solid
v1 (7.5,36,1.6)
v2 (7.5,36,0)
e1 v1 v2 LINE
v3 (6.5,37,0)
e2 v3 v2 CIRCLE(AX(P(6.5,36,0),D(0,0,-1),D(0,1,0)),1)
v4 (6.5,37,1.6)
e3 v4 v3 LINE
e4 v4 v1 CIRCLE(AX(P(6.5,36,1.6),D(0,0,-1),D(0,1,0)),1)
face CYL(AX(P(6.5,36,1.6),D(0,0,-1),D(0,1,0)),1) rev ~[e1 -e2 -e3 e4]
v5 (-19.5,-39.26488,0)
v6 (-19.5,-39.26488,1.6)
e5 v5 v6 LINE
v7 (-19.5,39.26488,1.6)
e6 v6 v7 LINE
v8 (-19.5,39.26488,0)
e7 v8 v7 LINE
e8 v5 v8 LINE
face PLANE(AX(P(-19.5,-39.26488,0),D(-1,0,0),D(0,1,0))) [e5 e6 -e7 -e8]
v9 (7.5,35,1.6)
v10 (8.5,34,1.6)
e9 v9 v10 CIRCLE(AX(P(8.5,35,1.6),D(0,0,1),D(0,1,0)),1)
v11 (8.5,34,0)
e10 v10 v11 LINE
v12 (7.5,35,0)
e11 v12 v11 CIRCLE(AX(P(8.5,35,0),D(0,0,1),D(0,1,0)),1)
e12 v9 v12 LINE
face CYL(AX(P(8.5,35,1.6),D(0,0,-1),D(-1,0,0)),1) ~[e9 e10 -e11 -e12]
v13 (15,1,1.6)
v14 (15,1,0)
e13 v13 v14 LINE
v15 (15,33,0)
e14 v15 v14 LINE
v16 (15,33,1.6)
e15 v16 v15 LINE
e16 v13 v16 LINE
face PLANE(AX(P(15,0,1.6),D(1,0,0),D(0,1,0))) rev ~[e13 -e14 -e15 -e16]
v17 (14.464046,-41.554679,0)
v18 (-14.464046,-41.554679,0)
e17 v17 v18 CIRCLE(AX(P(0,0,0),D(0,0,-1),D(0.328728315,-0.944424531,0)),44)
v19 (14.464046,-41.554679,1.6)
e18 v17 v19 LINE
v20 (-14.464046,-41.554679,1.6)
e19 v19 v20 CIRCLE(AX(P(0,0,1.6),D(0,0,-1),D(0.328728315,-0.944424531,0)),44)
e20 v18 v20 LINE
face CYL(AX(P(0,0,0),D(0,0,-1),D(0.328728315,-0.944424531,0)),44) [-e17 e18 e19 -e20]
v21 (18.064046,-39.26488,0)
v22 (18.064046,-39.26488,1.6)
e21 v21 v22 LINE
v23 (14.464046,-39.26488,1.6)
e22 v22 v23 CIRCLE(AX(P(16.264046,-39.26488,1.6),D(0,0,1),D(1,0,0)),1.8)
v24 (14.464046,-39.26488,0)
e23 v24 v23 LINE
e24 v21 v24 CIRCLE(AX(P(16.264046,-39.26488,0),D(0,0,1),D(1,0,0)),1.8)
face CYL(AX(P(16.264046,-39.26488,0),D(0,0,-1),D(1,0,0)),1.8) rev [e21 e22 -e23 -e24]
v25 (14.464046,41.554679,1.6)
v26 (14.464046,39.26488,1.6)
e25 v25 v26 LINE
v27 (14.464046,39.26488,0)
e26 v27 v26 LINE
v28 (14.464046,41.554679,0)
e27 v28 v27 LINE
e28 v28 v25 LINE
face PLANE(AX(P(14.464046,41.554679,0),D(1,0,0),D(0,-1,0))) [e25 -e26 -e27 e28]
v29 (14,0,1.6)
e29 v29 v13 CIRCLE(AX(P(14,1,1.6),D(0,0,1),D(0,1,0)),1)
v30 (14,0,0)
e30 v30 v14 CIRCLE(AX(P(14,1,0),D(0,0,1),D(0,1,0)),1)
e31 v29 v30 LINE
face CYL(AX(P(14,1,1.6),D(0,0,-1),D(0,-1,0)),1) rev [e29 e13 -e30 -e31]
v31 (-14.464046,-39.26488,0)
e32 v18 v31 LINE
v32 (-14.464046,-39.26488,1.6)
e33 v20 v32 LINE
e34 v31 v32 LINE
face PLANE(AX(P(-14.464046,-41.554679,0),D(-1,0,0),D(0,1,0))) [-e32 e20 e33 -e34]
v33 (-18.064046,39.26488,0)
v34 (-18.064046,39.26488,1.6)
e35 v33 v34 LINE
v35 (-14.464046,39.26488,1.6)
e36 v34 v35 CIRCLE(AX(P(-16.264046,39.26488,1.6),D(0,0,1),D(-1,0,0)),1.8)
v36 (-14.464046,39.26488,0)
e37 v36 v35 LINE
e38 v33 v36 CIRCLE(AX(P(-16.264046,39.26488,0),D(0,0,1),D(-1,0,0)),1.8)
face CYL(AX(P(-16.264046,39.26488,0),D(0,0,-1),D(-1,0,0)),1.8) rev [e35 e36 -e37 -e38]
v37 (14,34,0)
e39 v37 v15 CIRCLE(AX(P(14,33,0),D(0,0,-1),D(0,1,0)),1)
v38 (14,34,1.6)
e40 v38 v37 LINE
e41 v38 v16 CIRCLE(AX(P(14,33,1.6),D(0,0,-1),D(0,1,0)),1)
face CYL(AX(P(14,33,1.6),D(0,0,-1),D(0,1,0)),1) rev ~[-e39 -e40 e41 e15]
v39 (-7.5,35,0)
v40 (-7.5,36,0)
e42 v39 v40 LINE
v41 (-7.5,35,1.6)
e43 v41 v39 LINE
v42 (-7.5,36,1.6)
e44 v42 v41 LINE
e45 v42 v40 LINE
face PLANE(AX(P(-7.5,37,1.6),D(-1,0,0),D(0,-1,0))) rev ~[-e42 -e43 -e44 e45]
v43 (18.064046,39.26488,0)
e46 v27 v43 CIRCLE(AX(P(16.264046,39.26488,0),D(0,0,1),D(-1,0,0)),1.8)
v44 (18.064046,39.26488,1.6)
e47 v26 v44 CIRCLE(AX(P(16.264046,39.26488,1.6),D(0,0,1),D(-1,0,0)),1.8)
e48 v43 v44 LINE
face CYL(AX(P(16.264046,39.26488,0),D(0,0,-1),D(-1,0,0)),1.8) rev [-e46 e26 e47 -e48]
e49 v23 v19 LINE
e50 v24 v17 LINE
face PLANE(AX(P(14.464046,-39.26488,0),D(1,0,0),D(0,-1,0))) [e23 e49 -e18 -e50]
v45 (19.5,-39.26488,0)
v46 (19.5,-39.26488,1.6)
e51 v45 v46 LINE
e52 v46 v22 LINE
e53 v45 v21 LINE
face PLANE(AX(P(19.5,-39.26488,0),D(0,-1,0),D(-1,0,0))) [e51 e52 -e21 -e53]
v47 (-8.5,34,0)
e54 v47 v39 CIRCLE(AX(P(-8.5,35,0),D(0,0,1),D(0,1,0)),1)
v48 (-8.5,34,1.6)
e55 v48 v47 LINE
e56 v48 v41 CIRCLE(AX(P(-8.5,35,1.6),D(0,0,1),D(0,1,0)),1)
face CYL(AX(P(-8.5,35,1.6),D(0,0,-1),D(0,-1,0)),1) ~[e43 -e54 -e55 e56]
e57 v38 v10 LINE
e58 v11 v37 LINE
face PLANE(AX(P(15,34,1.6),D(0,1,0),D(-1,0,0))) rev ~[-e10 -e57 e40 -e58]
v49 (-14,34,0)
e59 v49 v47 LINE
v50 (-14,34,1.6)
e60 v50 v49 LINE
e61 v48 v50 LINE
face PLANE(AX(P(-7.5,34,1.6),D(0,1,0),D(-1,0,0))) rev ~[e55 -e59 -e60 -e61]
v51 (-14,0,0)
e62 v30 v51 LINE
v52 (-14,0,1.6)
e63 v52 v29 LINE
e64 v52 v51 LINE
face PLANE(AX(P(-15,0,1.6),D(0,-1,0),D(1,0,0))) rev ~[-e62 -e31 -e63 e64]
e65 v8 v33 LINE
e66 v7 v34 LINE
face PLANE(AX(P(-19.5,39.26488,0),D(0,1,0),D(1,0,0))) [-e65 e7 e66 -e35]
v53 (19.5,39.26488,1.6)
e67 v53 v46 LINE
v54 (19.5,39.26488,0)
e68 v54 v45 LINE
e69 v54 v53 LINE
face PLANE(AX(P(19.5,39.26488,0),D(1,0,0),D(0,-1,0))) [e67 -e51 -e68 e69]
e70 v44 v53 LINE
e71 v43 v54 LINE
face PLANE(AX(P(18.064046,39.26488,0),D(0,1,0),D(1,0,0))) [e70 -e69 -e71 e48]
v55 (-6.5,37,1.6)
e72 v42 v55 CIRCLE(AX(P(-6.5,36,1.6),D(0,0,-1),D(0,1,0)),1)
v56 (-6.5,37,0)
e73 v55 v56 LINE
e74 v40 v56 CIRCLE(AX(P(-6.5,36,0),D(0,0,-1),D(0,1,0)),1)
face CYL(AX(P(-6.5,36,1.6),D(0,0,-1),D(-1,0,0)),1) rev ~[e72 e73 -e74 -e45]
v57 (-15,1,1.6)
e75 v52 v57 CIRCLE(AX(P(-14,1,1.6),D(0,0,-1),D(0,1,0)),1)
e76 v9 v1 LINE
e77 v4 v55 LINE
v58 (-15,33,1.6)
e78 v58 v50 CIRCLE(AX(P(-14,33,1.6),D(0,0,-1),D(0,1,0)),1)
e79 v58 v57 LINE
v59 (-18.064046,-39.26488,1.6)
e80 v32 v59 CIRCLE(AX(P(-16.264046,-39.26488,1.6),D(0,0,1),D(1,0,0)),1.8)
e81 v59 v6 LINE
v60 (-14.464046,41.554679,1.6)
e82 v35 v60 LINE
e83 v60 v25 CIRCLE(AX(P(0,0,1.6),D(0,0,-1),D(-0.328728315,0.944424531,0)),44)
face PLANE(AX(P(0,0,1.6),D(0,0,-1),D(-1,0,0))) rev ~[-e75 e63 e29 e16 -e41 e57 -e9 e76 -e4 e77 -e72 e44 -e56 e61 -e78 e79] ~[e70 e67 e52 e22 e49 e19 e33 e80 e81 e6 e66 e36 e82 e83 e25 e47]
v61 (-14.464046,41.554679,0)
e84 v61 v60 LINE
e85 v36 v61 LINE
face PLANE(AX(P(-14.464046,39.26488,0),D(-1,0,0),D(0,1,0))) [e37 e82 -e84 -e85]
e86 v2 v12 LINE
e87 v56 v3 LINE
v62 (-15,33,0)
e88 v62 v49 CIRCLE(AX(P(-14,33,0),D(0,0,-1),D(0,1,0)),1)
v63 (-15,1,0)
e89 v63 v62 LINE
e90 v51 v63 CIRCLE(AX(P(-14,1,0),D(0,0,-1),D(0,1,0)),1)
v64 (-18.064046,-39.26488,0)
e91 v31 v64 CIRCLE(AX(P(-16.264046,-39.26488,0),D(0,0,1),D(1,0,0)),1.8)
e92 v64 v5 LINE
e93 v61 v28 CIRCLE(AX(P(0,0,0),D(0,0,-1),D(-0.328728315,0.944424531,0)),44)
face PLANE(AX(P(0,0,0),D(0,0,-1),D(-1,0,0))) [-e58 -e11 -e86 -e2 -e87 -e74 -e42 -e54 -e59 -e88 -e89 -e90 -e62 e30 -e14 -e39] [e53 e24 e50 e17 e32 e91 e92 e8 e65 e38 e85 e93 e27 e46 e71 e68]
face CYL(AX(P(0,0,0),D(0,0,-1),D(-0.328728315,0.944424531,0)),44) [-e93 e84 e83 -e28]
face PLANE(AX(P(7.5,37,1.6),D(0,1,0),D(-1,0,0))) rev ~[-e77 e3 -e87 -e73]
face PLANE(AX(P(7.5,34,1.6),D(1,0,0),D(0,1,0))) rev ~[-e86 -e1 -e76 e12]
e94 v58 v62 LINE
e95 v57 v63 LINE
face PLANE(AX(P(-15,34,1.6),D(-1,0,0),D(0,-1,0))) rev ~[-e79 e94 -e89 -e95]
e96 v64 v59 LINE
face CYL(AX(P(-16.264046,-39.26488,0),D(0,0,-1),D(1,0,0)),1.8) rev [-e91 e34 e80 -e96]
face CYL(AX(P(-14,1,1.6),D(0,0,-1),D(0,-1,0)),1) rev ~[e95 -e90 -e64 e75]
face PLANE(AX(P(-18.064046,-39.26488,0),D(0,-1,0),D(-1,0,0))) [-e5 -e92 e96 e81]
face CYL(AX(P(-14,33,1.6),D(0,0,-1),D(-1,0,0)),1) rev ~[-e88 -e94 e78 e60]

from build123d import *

# Parameters (mm, degrees)
EXTRUDE_1_DEPTH     = 1.6
CUT_EXTRUDE_1_DEPTH = 10
FILLET_2_R          = 1


with BuildPart() as part:
    # 草图1 → 凸台-拉伸1 (new body)
    with BuildSketch(Plane.XY):
        with BuildLine():
            Line((-19.5, 0), (-19.5, 39.264880132))
            Line((-19.5, 39.264880132), (-18.064045876, 39.264880132))
            ThreePointArc((-18.064045876, 39.264880132), (-16.264045876, 37.464880132), (-14.464045876, 39.264880132))
            Line((-14.464045876, 39.264880132), (-14.464045876, 41.554679362))
            ThreePointArc((-14.464045876, 41.554679362), (0, 44), (14.464045876, 41.554679362))
            Line((14.464045876, 41.554679362), (14.464045876, 39.264880132))
            ThreePointArc((14.464045876, 39.264880132), (16.264045876, 37.464880132), (18.064045876, 39.264880132))
            Line((18.064045876, 39.264880132), (19.5, 39.264880132))
            Line((19.5, 39.264880132), (19.5, 0))
            Line((19.5, 0), (19.5, -39.264880132))
            Line((19.5, -39.264880132), (18.064045876, -39.264880132))
            ThreePointArc((18.064045876, -39.264880132), (16.264045876, -37.464880132), (14.464045876, -39.264880132))
            Line((14.464045876, -39.264880132), (14.464045876, -41.554679362))
            ThreePointArc((14.464045876, -41.554679362), (0, -44), (-14.464045876, -41.554679362))
            Line((-14.464045876, -41.554679362), (-14.464045876, -39.264880132))
            ThreePointArc((-14.464045876, -39.264880132), (-16.264045876, -37.464880132), (-18.064045876, -39.264880132))
            Line((-18.064045876, -39.264880132), (-19.5, -39.264880132))
            Line((-19.5, -39.264880132), (-19.5, 0))
        make_face()
    extrude(amount=EXTRUDE_1_DEPTH)

    # 草图2 → 切除-拉伸1 (cut)
    with BuildSketch(Plane.XY.offset(1.6)):
        Polygon((-15, 0), (15, 0), (15, 34), (7.5, 34), (7.5, 37), (-7.5, 37), (-7.5, 34), (-15, 34), align=None)
    extrude(amount=-CUT_EXTRUDE_1_DEPTH, mode=Mode.SUBTRACT)

    # 圆角2
    fillet_2_edges = [part.edges().sort_by_distance(p)[0] for p in [
        (7.5, 37, 0.8),
        (7.5, 34, 0.8),
        (15, 34, 0.8),
        (15, 0, 0.8),
        (-15, 0, 0.8),
        (-15, 34, 0.8),
        (-7.5, 34, 0.8),
        (-7.5, 37, 0.8),
    ]]
    fillet(fillet_2_edges, radius=FILLET_2_R)


solid = part.part
